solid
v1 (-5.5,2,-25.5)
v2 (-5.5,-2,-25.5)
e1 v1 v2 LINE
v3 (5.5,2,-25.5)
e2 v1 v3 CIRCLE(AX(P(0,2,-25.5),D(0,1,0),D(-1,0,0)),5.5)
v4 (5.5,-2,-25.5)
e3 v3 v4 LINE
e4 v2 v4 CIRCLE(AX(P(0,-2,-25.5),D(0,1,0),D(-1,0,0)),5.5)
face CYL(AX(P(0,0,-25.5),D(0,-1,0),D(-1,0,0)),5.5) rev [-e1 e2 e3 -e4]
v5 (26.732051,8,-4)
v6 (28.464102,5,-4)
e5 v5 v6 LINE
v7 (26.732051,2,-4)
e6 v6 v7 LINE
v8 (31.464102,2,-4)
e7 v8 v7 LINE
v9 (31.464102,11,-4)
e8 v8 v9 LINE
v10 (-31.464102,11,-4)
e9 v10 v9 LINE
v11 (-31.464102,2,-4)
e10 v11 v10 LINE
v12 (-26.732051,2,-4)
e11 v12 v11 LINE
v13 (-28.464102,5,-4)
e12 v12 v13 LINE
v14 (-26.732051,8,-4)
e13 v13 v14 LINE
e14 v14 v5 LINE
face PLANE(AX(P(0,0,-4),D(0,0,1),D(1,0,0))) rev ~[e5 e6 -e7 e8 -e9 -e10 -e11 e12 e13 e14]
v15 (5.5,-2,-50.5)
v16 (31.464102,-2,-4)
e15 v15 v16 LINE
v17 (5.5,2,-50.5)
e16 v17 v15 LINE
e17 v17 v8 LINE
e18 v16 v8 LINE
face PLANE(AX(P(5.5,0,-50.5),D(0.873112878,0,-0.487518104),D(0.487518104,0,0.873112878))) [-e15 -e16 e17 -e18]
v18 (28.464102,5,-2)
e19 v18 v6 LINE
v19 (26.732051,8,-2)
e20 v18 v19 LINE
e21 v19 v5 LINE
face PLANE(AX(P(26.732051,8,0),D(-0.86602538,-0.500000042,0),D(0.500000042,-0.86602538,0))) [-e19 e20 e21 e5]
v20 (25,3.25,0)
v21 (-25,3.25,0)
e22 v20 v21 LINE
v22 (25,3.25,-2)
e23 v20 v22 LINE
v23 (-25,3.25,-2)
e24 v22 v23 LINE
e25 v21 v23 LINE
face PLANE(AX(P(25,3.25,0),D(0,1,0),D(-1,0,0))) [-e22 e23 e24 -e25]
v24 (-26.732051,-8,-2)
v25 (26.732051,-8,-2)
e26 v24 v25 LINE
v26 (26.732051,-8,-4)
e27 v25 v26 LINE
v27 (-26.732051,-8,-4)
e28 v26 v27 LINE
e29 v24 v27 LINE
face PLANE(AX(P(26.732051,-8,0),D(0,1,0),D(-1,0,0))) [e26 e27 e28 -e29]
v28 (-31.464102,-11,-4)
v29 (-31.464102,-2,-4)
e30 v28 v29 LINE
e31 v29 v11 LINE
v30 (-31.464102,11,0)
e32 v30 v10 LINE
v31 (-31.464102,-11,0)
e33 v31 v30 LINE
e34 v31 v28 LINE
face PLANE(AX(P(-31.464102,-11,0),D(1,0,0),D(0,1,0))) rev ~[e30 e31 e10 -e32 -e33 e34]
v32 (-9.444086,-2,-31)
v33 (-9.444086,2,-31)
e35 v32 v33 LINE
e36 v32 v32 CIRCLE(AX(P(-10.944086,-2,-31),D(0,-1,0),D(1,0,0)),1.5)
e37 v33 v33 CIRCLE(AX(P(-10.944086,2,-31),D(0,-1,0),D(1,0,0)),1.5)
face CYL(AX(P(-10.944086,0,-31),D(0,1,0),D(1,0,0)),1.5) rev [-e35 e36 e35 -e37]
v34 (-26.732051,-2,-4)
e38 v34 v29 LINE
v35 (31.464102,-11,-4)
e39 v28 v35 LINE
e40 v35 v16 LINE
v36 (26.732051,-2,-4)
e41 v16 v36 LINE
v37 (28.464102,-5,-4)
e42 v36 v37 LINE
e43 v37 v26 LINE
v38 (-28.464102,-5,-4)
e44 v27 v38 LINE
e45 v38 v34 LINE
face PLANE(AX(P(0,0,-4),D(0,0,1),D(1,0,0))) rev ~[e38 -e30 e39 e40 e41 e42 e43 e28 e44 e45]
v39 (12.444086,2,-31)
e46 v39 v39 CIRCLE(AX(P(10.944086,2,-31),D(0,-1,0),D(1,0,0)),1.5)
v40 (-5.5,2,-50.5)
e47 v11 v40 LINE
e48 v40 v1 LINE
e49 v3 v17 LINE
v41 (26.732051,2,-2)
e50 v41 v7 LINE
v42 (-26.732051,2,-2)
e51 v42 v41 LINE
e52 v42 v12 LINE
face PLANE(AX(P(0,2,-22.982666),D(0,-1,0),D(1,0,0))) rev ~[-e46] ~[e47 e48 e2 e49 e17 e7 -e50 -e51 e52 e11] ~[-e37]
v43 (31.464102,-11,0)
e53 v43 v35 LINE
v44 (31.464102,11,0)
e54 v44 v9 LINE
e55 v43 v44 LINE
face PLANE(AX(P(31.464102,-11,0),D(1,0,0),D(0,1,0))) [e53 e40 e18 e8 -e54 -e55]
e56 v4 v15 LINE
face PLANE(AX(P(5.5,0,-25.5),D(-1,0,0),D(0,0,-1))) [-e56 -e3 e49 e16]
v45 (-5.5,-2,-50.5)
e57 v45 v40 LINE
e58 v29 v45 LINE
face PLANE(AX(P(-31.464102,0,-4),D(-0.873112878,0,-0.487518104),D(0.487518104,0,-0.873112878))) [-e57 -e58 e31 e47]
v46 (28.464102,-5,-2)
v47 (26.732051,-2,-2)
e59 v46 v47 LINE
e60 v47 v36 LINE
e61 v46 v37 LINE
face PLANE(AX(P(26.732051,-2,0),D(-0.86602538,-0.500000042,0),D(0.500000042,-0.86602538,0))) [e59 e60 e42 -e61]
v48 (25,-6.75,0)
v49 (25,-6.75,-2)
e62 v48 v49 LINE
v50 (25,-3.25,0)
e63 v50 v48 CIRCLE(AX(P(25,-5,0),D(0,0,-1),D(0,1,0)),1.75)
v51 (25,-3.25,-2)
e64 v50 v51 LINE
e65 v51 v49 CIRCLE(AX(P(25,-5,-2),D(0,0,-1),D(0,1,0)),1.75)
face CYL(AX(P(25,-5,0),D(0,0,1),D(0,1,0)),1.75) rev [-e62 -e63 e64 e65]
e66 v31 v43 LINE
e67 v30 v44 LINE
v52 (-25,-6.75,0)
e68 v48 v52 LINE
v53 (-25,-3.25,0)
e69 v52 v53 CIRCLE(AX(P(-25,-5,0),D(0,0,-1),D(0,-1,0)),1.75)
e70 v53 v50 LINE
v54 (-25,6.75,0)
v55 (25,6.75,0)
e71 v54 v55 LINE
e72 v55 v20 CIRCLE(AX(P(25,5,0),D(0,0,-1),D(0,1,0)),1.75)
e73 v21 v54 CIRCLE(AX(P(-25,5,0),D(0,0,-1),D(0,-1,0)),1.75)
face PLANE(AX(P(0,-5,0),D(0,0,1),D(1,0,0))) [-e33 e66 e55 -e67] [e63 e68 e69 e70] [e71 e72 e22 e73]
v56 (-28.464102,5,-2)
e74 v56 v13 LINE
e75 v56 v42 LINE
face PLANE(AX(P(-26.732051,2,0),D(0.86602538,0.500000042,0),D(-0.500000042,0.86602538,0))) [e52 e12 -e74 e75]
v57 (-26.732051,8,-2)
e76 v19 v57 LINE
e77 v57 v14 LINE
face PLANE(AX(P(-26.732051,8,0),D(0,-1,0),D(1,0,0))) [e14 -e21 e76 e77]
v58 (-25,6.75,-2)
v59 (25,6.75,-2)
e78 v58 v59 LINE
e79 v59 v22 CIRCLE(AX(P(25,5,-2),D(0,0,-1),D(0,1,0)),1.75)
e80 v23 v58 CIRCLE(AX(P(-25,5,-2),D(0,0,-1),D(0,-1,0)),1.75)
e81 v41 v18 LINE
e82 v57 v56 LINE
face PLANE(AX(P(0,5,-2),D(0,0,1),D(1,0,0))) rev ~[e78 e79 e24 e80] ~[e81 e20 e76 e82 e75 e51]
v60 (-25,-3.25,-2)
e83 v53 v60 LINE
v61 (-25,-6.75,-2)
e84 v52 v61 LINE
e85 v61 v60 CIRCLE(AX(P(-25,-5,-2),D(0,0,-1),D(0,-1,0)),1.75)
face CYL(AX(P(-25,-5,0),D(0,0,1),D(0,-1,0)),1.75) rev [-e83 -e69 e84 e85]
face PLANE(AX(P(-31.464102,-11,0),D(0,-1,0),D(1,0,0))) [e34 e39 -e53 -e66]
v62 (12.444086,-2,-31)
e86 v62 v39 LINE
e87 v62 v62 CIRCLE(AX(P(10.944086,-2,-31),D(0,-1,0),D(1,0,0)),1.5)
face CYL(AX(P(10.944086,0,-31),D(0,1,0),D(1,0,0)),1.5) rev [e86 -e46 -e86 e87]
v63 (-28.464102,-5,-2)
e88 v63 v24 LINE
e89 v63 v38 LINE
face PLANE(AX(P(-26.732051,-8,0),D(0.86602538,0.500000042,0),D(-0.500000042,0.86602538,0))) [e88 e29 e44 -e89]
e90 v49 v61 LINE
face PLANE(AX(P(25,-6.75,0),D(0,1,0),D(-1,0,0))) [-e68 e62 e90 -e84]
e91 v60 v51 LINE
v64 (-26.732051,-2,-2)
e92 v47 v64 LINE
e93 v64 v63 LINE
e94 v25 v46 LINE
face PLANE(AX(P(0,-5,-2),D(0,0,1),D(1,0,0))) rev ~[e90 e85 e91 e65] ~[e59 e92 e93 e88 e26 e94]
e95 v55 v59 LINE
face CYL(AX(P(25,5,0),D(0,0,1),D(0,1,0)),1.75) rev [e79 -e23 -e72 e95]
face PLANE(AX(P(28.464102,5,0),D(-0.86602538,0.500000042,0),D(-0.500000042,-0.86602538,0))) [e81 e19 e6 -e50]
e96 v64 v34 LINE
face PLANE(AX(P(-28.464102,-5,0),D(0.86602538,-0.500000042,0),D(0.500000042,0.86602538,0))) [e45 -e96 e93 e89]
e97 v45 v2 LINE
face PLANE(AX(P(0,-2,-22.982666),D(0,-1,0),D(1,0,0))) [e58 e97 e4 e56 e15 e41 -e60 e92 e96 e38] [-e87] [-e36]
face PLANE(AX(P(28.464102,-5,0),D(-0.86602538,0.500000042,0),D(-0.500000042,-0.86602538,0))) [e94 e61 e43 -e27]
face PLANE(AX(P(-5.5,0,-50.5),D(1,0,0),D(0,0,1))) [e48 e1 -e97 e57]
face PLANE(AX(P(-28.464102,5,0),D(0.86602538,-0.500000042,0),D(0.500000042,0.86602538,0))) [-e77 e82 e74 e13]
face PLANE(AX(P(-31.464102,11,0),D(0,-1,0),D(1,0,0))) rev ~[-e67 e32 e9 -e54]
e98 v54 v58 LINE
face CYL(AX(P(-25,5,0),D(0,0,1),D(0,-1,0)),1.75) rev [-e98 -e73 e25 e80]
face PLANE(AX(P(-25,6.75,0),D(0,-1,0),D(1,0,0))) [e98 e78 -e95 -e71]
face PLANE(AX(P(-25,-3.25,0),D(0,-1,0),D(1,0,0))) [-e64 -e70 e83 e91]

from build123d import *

# Parameters (mm, degrees)
F0_W     = 62.928204
F0_H     = 22
F1_DEPTH = 4
F2_DEPTH = 2
F3_R     = 1.5
F4_DEPTH = 2


with BuildPart() as f1:
    # F0 (on Top) → F1 (new body)
    with BuildSketch(Plane.XY):
        Rectangle(F0_W, F0_H)
        Polygon((-26.732051, -2), (26.732051, -2), (28.464102, -5), (26.732051, -8), (-26.732051, -8), (-28.464102, -5), align=None, mode=Mode.SUBTRACT)
        Polygon((-26.732051, 2), (-28.464102, 5), (-26.732051, 8), (26.732051, 8), (28.464102, 5), (26.732051, 2), align=None, mode=Mode.SUBTRACT)
    extrude(amount=-F1_DEPTH)

    # F0 (on Top) → F2 (join)
    with BuildSketch(Plane.XY):
        Polygon((28.464102, -5), (26.732051, -2), (-26.732051, -2), (-28.464102, -5), (-26.732051, -8), (26.732051, -8), align=None)
        with BuildLine():
            ThreePointArc((-25, -6.75), (-26.75, -5), (-25, -3.25))
            Line((-25, -3.25), (25, -3.25))
            ThreePointArc((25, -3.25), (26.75, -5), (25, -6.75))
            Line((25, -6.75), (-25, -6.75))
        make_face(mode=Mode.SUBTRACT)
        Polygon((-26.732051, 8), (-28.464102, 5), (-26.732051, 2), (26.732051, 2), (28.464102, 5), (26.732051, 8), align=None)
        with BuildLine():
            ThreePointArc((-25, 3.25), (-26.75, 5), (-25, 6.75))
            Line((-25, 6.75), (25, 6.75))
            ThreePointArc((25, 6.75), (26.75, 5), (25, 3.25))
            Line((25, 3.25), (-25, 3.25))
        make_face(mode=Mode.SUBTRACT)
    extrude(amount=-F2_DEPTH)

    # F3 (on Front) → F4 (join, symmetric)
    with BuildSketch(Plane.XZ):
        with BuildLine():
            Line((-5.5, -50.5), (-5.5, -25.5))
            ThreePointArc((-5.5, -25.5), (0, -20), (5.5, -25.5))
            Line((5.5, -25.5), (5.5, -50.5))
            Line((5.5, -50.5), (31.464102, -4))
            Line((31.464102, -4), (-31.464102, -4))
            Line((-31.464102, -4), (-5.5, -50.5))
        make_face()
        with Locations((-10.944086, -31)):
            Circle(F3_R, mode=Mode.SUBTRACT)
        with Locations((10.944086, -31)):
            Circle(F3_R, mode=Mode.SUBTRACT)
    extrude(amount=F4_DEPTH, both=True)


solid = f1.part
